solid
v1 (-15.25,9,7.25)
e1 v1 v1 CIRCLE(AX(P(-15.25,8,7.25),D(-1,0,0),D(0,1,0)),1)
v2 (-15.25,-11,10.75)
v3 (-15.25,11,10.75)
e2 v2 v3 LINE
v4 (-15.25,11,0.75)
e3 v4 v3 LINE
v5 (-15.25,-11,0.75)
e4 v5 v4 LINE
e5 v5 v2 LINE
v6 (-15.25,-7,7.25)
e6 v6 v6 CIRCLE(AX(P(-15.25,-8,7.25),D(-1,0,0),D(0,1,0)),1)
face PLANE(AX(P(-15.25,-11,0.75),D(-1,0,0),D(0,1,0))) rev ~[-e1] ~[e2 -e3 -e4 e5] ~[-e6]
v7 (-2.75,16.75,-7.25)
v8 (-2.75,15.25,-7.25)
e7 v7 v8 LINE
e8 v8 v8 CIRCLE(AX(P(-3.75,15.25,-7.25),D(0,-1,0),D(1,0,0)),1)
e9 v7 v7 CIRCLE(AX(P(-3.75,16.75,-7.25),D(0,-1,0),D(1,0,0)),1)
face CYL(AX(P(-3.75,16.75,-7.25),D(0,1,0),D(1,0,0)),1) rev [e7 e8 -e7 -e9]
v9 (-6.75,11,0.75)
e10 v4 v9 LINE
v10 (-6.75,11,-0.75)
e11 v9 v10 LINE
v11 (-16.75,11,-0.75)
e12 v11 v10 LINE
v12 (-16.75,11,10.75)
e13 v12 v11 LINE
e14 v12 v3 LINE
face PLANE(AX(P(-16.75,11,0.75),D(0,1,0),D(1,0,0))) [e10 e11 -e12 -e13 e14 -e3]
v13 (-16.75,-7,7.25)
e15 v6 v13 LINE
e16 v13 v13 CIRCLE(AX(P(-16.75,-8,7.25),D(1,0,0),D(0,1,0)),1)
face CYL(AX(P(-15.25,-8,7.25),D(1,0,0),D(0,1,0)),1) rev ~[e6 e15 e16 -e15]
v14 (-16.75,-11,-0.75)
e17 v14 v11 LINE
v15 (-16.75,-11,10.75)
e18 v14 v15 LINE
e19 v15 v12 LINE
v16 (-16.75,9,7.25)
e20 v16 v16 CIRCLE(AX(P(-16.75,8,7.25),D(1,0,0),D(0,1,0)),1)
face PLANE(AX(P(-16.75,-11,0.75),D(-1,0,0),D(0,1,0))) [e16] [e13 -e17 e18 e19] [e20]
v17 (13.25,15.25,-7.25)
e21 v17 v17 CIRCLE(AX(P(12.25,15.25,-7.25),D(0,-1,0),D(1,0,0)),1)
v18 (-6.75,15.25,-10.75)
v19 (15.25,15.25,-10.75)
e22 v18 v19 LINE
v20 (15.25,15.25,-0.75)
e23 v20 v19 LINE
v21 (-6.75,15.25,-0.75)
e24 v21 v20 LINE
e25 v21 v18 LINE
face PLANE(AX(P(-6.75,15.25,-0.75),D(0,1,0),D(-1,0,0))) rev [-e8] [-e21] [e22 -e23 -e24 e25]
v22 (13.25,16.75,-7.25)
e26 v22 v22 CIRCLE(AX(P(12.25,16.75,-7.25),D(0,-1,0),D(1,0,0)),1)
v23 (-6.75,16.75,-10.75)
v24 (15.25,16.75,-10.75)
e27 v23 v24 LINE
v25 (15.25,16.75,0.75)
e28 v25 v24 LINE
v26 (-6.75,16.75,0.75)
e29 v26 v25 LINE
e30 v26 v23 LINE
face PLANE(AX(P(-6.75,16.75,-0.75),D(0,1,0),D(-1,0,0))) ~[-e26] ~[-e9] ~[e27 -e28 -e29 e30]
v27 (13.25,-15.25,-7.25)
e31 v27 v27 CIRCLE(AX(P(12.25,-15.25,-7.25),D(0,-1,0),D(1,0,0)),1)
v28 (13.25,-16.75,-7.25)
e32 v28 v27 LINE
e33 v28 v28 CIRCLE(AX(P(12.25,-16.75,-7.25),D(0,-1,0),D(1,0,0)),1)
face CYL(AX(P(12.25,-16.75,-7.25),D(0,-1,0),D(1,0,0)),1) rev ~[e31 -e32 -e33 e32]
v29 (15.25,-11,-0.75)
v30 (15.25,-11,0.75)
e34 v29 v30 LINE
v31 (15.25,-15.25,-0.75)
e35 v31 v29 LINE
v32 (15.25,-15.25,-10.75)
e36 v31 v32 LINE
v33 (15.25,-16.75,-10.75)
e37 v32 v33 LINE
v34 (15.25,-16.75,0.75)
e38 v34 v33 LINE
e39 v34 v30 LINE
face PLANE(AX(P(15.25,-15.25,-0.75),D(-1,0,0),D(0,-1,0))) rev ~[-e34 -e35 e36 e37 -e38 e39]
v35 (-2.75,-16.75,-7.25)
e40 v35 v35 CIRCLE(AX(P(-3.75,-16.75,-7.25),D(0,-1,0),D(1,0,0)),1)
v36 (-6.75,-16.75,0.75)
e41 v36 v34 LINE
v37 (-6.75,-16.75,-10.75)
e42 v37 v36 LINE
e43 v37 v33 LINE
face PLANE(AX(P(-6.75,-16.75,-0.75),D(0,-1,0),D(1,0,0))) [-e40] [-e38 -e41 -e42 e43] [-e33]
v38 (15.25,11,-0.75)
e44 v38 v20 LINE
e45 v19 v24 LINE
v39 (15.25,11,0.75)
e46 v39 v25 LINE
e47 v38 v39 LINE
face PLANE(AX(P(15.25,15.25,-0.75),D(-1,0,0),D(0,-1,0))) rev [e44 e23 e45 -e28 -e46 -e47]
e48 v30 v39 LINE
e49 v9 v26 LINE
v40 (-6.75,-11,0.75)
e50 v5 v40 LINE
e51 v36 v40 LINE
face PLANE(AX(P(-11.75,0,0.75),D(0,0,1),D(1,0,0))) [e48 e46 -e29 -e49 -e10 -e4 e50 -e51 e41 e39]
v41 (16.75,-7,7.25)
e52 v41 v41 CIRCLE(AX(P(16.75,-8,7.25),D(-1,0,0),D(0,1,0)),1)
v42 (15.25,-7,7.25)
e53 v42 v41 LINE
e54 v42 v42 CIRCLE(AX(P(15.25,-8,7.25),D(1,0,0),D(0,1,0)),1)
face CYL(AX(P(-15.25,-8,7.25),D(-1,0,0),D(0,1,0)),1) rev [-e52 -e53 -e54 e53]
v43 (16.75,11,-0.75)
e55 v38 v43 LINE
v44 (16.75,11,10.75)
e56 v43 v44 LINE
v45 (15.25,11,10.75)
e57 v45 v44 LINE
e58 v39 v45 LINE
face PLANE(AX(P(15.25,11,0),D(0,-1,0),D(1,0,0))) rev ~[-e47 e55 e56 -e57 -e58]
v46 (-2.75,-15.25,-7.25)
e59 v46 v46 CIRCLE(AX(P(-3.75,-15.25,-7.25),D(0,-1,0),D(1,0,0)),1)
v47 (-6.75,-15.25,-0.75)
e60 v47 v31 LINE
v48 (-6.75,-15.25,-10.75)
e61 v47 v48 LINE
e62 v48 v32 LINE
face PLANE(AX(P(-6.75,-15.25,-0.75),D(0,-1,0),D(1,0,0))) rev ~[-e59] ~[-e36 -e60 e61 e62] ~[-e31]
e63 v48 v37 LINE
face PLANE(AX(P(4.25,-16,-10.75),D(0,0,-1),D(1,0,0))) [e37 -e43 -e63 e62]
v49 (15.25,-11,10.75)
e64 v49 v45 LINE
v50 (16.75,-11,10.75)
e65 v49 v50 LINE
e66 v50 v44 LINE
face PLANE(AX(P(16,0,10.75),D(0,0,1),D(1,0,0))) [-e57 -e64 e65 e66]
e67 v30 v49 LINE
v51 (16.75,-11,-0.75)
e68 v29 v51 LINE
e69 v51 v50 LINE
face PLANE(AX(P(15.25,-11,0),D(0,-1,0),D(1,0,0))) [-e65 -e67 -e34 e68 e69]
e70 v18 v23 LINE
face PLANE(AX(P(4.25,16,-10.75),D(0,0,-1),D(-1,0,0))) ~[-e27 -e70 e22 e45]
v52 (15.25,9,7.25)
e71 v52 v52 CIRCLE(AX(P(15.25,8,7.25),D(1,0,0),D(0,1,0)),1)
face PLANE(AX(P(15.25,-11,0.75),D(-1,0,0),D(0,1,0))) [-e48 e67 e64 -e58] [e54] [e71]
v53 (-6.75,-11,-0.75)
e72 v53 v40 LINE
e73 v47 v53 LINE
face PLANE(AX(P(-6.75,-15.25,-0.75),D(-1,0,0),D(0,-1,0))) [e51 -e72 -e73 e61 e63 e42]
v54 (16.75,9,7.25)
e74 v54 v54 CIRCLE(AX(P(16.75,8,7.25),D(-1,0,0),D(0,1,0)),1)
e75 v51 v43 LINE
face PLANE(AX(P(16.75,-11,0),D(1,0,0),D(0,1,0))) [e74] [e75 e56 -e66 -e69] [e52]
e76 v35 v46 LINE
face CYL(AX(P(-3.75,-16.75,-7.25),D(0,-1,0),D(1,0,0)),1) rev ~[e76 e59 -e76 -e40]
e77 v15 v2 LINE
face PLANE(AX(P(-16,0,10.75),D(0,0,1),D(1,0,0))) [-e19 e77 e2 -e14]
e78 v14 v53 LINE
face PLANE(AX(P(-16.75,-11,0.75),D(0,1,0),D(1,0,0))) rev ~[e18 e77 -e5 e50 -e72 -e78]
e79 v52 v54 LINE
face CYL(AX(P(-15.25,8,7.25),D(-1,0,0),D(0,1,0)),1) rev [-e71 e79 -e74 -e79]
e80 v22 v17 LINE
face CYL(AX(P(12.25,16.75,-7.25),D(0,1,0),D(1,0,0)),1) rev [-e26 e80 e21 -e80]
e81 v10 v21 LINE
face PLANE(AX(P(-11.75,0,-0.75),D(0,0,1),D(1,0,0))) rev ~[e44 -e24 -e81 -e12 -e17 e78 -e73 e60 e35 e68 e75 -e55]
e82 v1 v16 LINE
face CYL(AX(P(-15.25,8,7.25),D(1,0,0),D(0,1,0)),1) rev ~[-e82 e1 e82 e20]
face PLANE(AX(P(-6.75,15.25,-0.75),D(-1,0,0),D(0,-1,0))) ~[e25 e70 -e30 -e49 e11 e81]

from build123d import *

# Parameters (mm, degrees)
F0_W          = 10
F0_H          = 22
F0_W_2        = 22
F0_H_2        = 5.75
F0_W_3        = 1.5
F1_DEPTH      = 0.75
F1_DEPTH_BACK = 0.75
F2_W          = 1.5
F2_H          = 22
F3_DEPTH      = 10
F4_W          = 22
F4_H          = 1.5
F5_DEPTH      = 10
F6_R          = 1
F7_DEPTH      = 32.001
F7_DEPTH_BACK = 1.5
F8_R          = 1
F9_DEPTH      = 1.5


with BuildPart() as f1:
    # F0 (on Top) → F1 (new body, two sides)
    with BuildSketch(Plane.XY) as f1_sk:
        with Locations((-11.75, 0)):
            Rectangle(F0_W, F0_H)
        with Locations((4.25, 13.875)):
            Rectangle(F0_W_2, F0_H_2)
        with Locations((4.25, 0)):
            Rectangle(F0_W_2, F0_H)
        with Locations((16, 0)):
            Rectangle(F0_W_3, F0_H)
        with Locations((4.25, -13.875)):
            Rectangle(F0_W_2, F0_H_2)
    extrude(amount=F1_DEPTH)
    extrude(f1_sk.sketch, amount=-F1_DEPTH_BACK)

    # F2 (on face) → F3 (join)
    with BuildSketch(Plane.XY.offset(0.75)):
        with Locations((-16, 0)):
            Rectangle(F2_W, F2_H)
        with Locations((16, 0)):
            Rectangle(F2_W, F2_H)
    extrude(amount=F3_DEPTH)

    # F4 (on face) → F5 (join)
    with BuildSketch(Plane(origin=(0, 0, -0.75), x_dir=(1, 0, 0), z_dir=(0, 0, -1))):
        with Locations((4.25, 16)):
            Rectangle(F4_W, F4_H)
    extrude(amount=F5_DEPTH)

    # F6 (on face) → F7 (cut, two sides)
    with BuildSketch(Plane.YZ.offset(-15.25)) as f7_sk:
        with Locations((-8, 7.25)):
            Circle(F6_R)
        with Locations((8, 7.25)):
            Circle(F6_R)
    extrude(amount=F7_DEPTH, mode=Mode.SUBTRACT)
    extrude(f7_sk.sketch, amount=-F7_DEPTH_BACK, mode=Mode.SUBTRACT)

    # F8 (on face) → F9 (cut, through all)
    with BuildSketch(Plane.XZ.offset(16.75)):
        with Locations((-3.75, -7.25)):
            Circle(F8_R)
        with Locations((12.25, -7.25)):
            Circle(F8_R)
    extrude(amount=-F9_DEPTH, mode=Mode.SUBTRACT)

    # F10: F1 across plane


with BuildPart() as f1_1:
    add(f1.part)
    add(f1.part.mirror(Plane.XZ))


solid = f1_1.part
